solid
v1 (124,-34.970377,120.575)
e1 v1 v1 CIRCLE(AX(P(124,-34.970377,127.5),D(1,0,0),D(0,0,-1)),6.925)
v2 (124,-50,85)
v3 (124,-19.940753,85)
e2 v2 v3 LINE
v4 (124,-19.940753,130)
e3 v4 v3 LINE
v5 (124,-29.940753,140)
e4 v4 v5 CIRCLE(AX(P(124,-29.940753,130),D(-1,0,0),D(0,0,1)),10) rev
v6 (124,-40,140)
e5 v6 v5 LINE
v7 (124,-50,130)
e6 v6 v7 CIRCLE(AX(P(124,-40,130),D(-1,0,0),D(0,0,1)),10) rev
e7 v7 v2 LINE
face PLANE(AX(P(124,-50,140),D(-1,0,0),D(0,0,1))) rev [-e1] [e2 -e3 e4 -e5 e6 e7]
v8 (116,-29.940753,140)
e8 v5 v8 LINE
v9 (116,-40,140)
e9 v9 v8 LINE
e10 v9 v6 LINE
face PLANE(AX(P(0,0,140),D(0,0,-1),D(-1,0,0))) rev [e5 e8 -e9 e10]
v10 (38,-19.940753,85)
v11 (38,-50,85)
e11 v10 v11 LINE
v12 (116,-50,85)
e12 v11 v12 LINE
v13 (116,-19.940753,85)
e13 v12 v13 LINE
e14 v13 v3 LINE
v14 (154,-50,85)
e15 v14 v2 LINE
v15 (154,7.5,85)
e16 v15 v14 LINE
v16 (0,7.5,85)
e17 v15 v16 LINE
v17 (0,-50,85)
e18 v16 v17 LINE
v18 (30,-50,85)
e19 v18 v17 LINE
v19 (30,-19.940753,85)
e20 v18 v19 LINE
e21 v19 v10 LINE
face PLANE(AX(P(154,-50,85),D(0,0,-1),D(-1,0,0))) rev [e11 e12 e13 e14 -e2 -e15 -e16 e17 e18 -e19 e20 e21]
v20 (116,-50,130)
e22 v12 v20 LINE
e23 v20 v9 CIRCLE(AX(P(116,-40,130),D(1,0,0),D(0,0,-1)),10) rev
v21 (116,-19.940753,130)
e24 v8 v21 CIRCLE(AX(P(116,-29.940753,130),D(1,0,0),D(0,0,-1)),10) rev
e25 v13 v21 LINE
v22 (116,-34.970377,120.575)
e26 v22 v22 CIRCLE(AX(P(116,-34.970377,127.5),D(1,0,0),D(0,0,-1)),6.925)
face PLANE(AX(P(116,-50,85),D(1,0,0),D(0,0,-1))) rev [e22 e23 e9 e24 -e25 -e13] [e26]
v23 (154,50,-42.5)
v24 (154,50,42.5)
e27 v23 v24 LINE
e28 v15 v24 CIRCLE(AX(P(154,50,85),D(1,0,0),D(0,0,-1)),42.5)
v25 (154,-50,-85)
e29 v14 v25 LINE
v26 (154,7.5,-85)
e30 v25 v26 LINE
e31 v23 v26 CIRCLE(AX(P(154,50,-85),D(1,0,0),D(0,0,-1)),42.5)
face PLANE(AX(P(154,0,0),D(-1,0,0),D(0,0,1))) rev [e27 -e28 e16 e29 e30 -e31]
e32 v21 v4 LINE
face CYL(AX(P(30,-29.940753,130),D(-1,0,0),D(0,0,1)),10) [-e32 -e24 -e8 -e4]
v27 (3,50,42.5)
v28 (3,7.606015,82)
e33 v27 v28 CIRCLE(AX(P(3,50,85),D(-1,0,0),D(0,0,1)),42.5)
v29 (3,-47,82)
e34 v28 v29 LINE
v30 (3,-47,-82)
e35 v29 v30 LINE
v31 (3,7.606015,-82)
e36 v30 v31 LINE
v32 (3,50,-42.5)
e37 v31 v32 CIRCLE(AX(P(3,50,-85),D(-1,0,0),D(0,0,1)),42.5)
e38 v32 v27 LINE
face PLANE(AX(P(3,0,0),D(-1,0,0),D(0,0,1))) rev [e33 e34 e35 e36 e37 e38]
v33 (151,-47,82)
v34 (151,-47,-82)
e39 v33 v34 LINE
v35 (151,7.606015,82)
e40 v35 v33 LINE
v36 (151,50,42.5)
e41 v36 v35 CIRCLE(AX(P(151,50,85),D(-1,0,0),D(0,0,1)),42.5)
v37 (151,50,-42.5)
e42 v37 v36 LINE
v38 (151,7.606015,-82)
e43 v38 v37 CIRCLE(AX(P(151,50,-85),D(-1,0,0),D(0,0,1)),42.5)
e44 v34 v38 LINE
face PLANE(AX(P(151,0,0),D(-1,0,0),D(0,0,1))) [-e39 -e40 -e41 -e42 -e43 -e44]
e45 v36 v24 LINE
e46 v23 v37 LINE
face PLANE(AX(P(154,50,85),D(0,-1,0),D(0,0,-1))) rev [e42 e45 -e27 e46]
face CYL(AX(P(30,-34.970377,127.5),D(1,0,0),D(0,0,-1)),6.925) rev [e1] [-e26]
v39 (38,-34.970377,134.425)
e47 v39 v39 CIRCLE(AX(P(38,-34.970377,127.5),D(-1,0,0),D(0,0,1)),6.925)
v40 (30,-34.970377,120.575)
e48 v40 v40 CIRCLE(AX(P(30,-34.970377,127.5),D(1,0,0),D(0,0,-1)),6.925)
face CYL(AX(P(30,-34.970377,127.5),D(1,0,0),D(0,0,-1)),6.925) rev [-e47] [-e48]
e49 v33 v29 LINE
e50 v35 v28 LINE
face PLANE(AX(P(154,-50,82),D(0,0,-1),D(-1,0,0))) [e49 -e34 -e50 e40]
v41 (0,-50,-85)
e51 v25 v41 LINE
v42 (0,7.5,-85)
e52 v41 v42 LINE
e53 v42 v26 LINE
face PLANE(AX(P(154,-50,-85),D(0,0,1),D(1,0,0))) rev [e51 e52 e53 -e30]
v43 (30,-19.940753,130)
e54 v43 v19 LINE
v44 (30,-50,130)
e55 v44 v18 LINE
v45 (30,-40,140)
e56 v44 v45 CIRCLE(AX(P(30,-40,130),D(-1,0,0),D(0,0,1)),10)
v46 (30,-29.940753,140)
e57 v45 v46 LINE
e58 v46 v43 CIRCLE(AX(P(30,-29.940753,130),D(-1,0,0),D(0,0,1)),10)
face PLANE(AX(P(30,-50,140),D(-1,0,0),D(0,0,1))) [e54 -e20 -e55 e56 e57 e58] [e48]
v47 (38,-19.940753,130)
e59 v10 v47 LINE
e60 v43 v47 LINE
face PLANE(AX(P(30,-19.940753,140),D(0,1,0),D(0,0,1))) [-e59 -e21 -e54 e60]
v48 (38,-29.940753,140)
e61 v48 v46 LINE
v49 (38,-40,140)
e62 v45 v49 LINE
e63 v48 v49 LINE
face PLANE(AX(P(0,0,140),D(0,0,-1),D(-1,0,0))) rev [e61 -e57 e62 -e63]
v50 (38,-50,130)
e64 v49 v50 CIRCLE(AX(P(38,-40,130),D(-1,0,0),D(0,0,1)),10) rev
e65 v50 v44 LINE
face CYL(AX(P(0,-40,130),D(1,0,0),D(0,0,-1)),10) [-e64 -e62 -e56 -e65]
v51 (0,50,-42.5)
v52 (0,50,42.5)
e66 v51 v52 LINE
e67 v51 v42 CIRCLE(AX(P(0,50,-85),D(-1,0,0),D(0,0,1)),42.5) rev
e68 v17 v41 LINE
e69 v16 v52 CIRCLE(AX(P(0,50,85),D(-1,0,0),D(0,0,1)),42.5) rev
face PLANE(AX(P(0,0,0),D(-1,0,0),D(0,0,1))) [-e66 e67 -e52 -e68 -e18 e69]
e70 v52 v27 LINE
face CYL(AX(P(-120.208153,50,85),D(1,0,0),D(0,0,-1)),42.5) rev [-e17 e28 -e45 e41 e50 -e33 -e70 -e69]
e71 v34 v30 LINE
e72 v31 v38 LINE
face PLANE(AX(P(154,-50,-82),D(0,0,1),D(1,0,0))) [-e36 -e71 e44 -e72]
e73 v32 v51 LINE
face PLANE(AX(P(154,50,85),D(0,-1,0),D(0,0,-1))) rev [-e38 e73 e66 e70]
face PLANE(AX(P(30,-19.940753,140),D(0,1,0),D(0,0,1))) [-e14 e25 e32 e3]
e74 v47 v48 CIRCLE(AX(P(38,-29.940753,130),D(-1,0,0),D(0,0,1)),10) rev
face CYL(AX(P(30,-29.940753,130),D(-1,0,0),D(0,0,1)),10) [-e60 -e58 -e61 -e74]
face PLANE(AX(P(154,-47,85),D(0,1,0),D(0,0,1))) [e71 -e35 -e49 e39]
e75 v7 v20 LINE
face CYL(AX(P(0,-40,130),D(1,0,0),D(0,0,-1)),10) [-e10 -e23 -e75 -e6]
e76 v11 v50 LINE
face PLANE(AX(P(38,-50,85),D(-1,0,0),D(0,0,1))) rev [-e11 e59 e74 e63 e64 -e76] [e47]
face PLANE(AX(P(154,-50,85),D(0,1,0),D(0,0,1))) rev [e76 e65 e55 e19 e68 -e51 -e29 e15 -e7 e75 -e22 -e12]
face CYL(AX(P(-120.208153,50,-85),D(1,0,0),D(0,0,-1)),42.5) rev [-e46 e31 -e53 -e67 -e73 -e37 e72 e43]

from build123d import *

# Parameters (mm, degrees)
SKETCH2_W           = 170
SKETCH2_H           = 100
BOSS_EXTRUDE5_DEPTH = 154
SHELL1_T            = -3
SKETCH6_W           = 94
SKETCH6_H           = 30.059246991
BOSS_EXTRUDE6_DEPTH = 55
SKETCH7_W           = 78
SKETCH7_H           = 30.059246991
CUT_EXTRUDE3_DEPTH  = 55
SKETCH8_R           = 6.925
CUT_EXTRUDE5_DEPTH  = 94
FILLET1_R           = 10
CUT_EXTRUDE6_REACH  = 216.047
SKETCH9_R           = 42.5


with BuildPart() as part:
    # Sketch2 → Boss-Extrude5 (new body)
    with BuildSketch(Plane(origin=(0, 0, 0), x_dir=(0, 0, -1), z_dir=(1, 0, 0))):
        Rectangle(SKETCH2_W, SKETCH2_H)
    extrude(amount=BOSS_EXTRUDE5_DEPTH)

    # Shell1
    shell1_openings = [part.faces().sort_by_distance(p)[0] for p in [
        (77, 50, 0),
    ]]
    offset(amount=SHELL1_T, openings=shell1_openings, kind=Kind.INTERSECTION)

    # Sketch6 → Boss-Extrude6 (add)
    with BuildSketch(Plane.XY.offset(85)):
        with Locations((77, -34.970376505)):
            Rectangle(SKETCH6_W, SKETCH6_H)
    extrude(amount=BOSS_EXTRUDE6_DEPTH)

    # Sketch7 → Cut-Extrude3 (cut)
    with BuildSketch(Plane.XY.offset(140)):
        with Locations((77, -34.970376505)):
            Rectangle(SKETCH7_W, SKETCH7_H)
    extrude(amount=-CUT_EXTRUDE3_DEPTH, mode=Mode.SUBTRACT)

    # Sketch8 → Cut-Extrude5 (cut)
    with BuildSketch(Plane(origin=(124, 0, 0), x_dir=(0, 0, -1), z_dir=(1, 0, 0))):
        with Locations((-127.5, -34.970376505)):
            Circle(SKETCH8_R)
    extrude(amount=-CUT_EXTRUDE5_DEPTH, mode=Mode.SUBTRACT)

    # Fillet1
    fillet1_edges = [part.edges().sort_by_distance(p)[0] for p in [
        (34, -19.940753009, 140),
        (34, -50, 140),
        (120, -50, 140),
        (120, -19.940753009, 140),
    ]]
    fillet(fillet1_edges, radius=FILLET1_R)

    # Cut-Extrude6: up to this face of the body (flat: up to its plane)
    cut_extrude6_end = Plane(part.part.faces().sort_by_distance((0, 0, 0))[0])
    # Sketch9 → Cut-Extrude6 (cut, up to the picked face)
    with BuildSketch(Plane(origin=(154, 0, 0), x_dir=(0, 0, -1), z_dir=(1, 0, 0)), mode=Mode.PRIVATE) as cut_extrude6_sk1:
        with Locations((85, 50)):
            Circle(SKETCH9_R)
    cut_extrude6_tool1 = split(extrude(cut_extrude6_sk1.sketch, amount=-CUT_EXTRUDE6_REACH, mode=Mode.PRIVATE), bisect_by=cut_extrude6_end, keep=Keep.BOTH, mode=Mode.PRIVATE)
    # Sketch9 → Cut-Extrude6 (cut, up to the picked face)
    with BuildSketch(Plane(origin=(154, 0, 0), x_dir=(0, 0, -1), z_dir=(1, 0, 0)), mode=Mode.PRIVATE) as cut_extrude6_sk2:
        with Locations((-85, 50)):
            Circle(SKETCH9_R)
    cut_extrude6_tool2 = split(extrude(cut_extrude6_sk2.sketch, amount=-CUT_EXTRUDE6_REACH, mode=Mode.PRIVATE), bisect_by=cut_extrude6_end, keep=Keep.BOTH, mode=Mode.PRIVATE)
    add(cut_extrude6_tool1.solids().sort_by(Axis((154, 50, -85), (-1, 0, 0)))[0], mode=Mode.SUBTRACT)
    add(cut_extrude6_tool2.solids().sort_by(Axis((154, 50, 85), (-1, 0, 0)))[0], mode=Mode.SUBTRACT)


solid = part.part
